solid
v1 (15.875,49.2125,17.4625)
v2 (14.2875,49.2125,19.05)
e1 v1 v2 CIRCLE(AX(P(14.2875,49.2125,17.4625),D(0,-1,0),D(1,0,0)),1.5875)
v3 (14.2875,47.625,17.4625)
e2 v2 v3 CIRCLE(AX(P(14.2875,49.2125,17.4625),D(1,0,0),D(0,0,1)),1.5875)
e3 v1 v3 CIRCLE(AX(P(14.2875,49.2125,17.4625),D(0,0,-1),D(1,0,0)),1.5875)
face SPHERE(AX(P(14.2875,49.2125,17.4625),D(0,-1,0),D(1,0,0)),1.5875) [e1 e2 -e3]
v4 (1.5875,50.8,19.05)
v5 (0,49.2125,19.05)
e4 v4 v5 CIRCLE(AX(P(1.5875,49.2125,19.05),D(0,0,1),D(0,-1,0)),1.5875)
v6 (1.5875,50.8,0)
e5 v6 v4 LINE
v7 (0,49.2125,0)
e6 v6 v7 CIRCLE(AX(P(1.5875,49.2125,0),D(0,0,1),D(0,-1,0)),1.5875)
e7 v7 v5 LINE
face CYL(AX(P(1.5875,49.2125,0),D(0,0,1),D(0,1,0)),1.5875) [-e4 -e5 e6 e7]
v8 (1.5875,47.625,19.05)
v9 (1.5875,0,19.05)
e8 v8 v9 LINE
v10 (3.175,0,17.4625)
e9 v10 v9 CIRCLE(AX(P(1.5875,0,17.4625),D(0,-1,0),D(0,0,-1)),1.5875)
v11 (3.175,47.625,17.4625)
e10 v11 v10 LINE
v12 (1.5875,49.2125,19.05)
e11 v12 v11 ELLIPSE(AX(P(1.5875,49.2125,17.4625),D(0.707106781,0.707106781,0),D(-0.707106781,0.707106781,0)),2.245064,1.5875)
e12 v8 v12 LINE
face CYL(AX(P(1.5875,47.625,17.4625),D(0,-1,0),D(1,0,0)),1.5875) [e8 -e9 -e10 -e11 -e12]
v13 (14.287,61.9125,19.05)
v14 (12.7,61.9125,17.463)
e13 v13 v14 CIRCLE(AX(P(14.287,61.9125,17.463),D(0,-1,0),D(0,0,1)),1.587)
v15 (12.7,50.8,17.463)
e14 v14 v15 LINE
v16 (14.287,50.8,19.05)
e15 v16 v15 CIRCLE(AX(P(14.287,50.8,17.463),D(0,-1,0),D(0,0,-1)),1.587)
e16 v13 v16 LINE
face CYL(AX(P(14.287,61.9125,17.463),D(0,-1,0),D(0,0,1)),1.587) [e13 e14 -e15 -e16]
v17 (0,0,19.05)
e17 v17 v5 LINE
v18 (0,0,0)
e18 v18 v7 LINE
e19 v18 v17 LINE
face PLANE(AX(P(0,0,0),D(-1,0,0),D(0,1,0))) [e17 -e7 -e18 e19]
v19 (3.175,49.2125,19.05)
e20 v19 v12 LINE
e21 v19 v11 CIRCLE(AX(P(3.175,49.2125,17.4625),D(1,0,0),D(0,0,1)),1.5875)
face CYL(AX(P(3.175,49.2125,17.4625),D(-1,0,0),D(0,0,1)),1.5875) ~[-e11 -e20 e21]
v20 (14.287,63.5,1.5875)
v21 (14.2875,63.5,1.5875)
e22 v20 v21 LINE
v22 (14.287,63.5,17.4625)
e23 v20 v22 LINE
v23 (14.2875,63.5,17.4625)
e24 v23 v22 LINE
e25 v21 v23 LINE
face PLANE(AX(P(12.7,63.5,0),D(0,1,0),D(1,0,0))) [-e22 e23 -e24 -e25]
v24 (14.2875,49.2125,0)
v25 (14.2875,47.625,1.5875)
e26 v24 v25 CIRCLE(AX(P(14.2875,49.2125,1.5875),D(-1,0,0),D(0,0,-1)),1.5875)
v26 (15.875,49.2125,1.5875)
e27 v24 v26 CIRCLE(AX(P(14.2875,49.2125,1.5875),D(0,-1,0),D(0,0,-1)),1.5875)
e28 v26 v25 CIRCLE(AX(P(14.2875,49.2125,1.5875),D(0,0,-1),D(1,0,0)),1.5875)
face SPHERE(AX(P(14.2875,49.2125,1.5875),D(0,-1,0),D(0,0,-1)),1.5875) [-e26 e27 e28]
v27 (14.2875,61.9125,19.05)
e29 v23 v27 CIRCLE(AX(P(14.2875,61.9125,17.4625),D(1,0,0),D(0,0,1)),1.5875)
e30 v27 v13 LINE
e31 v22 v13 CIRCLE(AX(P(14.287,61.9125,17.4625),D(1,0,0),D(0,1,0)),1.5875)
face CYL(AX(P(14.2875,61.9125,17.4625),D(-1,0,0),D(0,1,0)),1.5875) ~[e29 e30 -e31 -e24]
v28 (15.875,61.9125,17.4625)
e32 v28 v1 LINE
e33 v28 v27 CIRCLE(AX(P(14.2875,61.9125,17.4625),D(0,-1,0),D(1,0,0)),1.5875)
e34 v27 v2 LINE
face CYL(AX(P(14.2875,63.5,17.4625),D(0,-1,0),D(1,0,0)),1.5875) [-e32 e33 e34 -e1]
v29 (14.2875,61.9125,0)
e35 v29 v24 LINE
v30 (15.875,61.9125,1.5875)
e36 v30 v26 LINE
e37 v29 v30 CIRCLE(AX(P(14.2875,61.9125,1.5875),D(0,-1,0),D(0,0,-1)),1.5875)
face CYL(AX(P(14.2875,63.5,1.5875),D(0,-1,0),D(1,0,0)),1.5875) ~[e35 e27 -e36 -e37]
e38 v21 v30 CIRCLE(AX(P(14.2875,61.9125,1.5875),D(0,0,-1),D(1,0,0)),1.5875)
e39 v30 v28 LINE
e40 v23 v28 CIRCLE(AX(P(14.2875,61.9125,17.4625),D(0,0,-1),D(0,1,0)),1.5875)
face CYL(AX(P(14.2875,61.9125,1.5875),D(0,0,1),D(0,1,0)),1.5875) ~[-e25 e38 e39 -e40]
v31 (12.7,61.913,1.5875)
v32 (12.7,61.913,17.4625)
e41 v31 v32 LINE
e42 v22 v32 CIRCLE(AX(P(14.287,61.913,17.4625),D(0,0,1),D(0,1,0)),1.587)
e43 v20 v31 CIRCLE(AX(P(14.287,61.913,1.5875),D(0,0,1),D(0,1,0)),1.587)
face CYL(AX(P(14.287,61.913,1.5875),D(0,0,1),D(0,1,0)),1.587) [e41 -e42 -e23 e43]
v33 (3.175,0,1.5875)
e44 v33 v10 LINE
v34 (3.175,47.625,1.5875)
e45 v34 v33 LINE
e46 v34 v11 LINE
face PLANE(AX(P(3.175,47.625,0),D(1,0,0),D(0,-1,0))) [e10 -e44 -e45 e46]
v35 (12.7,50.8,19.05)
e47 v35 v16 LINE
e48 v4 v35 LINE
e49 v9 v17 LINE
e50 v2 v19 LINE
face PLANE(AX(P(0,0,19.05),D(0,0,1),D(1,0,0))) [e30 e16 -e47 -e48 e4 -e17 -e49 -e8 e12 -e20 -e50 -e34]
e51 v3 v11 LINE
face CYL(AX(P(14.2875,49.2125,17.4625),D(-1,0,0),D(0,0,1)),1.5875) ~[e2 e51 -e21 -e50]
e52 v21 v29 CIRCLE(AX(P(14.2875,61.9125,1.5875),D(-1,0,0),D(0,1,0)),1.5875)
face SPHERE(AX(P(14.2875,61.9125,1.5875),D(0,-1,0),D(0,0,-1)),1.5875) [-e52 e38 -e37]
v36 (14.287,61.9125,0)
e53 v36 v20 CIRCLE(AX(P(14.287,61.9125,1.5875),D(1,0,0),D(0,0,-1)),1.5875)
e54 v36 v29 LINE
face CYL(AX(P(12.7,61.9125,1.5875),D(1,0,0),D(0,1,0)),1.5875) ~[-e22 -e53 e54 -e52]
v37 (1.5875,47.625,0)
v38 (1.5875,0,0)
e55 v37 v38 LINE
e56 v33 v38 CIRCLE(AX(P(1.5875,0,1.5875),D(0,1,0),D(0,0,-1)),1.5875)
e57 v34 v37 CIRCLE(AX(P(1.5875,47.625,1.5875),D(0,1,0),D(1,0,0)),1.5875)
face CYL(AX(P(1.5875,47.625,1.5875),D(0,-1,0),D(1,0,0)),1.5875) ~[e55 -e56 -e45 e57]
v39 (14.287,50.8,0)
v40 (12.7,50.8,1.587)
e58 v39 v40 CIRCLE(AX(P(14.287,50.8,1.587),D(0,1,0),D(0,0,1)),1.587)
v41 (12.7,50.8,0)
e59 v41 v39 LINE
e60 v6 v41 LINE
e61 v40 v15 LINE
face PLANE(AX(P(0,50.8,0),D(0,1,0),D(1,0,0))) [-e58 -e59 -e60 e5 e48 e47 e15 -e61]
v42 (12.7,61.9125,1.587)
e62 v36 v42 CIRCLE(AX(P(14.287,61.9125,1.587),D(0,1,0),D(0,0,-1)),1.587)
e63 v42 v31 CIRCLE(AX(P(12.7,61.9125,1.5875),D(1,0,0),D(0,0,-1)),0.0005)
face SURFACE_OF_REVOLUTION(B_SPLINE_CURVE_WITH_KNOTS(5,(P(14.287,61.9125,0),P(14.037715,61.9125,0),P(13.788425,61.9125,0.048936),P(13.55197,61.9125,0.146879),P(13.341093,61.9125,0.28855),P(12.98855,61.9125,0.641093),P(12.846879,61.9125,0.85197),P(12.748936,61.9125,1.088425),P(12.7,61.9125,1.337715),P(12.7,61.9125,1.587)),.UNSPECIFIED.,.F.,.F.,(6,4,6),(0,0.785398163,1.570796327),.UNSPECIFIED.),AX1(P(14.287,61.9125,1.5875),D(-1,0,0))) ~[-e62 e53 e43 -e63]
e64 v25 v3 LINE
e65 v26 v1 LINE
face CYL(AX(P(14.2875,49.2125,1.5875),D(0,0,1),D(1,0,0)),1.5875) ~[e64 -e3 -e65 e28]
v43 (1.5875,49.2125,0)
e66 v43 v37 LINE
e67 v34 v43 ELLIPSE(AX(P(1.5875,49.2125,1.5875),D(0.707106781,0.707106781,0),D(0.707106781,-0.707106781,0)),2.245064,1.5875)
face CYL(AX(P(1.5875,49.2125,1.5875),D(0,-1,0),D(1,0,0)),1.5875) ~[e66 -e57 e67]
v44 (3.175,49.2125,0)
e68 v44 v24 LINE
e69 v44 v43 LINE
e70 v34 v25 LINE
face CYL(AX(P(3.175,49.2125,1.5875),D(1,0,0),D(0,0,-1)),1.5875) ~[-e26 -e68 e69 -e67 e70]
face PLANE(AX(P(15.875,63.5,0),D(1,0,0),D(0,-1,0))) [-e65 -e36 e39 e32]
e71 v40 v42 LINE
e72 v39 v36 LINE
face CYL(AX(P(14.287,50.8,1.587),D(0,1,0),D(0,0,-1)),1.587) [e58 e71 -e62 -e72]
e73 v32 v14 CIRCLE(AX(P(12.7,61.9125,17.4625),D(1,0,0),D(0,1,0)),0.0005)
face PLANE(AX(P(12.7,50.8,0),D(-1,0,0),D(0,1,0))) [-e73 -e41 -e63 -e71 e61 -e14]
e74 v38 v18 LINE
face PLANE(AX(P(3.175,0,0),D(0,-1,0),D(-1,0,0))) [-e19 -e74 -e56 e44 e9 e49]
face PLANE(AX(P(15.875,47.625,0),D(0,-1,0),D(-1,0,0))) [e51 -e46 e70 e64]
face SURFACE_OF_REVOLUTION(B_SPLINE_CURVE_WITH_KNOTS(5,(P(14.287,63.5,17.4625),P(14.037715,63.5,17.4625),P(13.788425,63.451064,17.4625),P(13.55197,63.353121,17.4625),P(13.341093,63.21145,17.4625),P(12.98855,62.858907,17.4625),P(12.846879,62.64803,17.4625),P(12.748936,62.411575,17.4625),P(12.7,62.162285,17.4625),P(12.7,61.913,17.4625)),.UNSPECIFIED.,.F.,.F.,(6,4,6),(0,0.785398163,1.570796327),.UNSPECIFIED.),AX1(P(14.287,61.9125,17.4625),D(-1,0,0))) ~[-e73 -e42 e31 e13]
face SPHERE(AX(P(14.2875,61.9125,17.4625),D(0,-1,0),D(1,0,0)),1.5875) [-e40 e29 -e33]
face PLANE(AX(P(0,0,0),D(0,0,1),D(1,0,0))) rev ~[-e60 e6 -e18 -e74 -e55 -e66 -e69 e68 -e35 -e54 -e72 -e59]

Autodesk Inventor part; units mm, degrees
ref_plane "YZ Plane" through (0, 0, 0) normal (1, 0, 0) x (0, 1, 0)
ref_plane "XZ Plane" through (0, 0, 0) normal (0, 1, 0) x (-1, 0, 0)
ref_plane "XY Plane" through (0, 0, 0) normal (0, 0, 1) x (1, 0, 0)
sketch "Sketch1" plane through (0, 0, 0) normal (0, 0, 1) x (1, 0, 0)
  line L0 (0, 0) -> (0, 50.8)
  line L1 (0, 50.8) -> (12.7, 50.8)
  line L2 (12.7, 50.8) -> (12.7, 63.5)
  line L3 (12.7, 63.5) -> (15.875, 63.5)
  line L4 (15.875, 63.5) -> (15.875, 47.625)
  line L5 (15.875, 47.625) -> (3.175, 47.625)
  line L6 (3.175, 47.625) -> (3.175, 0)
  line L7 (3.175, 0) -> (0, 0)
extrude "Extrusion1" add sketch "Sketch1" along normal blind 19.05
fillet "Fillet1" radius 1.5875 1 edges at (15.875, 55.5625, 19.05)
fillet "Fillet2" radius 1.5875 1 edges at (15.875, 55.5625, 0)
fillet "Fillet3" radius 1.5875 5 edges at (15.875, 63.5, 9.525) (15.41, 63.5, 18.585) (13.4938, 63.5, 19.05) (15.41, 63.5, 0.465) (13.4938, 63.5, 0)
fillet "Fillet4" radius 1.5875 5 edges at (12.7, 63.5, 9.525) (12.7, 63.035, 18.585) (12.7, 56.3563, 19.05) (12.7, 63.035, 0.465) (12.7, 56.3563, 0)
fillet "Fillet5" radius 1.5875 1 edges at (0, 50.8, 9.525)
fillet "Fillet6" radius 1.5875 1 edges at (3.175, 23.8125, 19.05)
fillet "Fillet7" radius 1.5875 5 edges at (8.7312, 47.625, 19.05) (15.41, 47.625, 18.585) (15.875, 47.625, 9.525) (15.41, 47.625, 0.465) (8.7312, 47.625, 0)
fillet "Fillet8" radius 1.5875 1 edges at (3.175, 23.8125, 0)
properties part number "Z-Clip"
